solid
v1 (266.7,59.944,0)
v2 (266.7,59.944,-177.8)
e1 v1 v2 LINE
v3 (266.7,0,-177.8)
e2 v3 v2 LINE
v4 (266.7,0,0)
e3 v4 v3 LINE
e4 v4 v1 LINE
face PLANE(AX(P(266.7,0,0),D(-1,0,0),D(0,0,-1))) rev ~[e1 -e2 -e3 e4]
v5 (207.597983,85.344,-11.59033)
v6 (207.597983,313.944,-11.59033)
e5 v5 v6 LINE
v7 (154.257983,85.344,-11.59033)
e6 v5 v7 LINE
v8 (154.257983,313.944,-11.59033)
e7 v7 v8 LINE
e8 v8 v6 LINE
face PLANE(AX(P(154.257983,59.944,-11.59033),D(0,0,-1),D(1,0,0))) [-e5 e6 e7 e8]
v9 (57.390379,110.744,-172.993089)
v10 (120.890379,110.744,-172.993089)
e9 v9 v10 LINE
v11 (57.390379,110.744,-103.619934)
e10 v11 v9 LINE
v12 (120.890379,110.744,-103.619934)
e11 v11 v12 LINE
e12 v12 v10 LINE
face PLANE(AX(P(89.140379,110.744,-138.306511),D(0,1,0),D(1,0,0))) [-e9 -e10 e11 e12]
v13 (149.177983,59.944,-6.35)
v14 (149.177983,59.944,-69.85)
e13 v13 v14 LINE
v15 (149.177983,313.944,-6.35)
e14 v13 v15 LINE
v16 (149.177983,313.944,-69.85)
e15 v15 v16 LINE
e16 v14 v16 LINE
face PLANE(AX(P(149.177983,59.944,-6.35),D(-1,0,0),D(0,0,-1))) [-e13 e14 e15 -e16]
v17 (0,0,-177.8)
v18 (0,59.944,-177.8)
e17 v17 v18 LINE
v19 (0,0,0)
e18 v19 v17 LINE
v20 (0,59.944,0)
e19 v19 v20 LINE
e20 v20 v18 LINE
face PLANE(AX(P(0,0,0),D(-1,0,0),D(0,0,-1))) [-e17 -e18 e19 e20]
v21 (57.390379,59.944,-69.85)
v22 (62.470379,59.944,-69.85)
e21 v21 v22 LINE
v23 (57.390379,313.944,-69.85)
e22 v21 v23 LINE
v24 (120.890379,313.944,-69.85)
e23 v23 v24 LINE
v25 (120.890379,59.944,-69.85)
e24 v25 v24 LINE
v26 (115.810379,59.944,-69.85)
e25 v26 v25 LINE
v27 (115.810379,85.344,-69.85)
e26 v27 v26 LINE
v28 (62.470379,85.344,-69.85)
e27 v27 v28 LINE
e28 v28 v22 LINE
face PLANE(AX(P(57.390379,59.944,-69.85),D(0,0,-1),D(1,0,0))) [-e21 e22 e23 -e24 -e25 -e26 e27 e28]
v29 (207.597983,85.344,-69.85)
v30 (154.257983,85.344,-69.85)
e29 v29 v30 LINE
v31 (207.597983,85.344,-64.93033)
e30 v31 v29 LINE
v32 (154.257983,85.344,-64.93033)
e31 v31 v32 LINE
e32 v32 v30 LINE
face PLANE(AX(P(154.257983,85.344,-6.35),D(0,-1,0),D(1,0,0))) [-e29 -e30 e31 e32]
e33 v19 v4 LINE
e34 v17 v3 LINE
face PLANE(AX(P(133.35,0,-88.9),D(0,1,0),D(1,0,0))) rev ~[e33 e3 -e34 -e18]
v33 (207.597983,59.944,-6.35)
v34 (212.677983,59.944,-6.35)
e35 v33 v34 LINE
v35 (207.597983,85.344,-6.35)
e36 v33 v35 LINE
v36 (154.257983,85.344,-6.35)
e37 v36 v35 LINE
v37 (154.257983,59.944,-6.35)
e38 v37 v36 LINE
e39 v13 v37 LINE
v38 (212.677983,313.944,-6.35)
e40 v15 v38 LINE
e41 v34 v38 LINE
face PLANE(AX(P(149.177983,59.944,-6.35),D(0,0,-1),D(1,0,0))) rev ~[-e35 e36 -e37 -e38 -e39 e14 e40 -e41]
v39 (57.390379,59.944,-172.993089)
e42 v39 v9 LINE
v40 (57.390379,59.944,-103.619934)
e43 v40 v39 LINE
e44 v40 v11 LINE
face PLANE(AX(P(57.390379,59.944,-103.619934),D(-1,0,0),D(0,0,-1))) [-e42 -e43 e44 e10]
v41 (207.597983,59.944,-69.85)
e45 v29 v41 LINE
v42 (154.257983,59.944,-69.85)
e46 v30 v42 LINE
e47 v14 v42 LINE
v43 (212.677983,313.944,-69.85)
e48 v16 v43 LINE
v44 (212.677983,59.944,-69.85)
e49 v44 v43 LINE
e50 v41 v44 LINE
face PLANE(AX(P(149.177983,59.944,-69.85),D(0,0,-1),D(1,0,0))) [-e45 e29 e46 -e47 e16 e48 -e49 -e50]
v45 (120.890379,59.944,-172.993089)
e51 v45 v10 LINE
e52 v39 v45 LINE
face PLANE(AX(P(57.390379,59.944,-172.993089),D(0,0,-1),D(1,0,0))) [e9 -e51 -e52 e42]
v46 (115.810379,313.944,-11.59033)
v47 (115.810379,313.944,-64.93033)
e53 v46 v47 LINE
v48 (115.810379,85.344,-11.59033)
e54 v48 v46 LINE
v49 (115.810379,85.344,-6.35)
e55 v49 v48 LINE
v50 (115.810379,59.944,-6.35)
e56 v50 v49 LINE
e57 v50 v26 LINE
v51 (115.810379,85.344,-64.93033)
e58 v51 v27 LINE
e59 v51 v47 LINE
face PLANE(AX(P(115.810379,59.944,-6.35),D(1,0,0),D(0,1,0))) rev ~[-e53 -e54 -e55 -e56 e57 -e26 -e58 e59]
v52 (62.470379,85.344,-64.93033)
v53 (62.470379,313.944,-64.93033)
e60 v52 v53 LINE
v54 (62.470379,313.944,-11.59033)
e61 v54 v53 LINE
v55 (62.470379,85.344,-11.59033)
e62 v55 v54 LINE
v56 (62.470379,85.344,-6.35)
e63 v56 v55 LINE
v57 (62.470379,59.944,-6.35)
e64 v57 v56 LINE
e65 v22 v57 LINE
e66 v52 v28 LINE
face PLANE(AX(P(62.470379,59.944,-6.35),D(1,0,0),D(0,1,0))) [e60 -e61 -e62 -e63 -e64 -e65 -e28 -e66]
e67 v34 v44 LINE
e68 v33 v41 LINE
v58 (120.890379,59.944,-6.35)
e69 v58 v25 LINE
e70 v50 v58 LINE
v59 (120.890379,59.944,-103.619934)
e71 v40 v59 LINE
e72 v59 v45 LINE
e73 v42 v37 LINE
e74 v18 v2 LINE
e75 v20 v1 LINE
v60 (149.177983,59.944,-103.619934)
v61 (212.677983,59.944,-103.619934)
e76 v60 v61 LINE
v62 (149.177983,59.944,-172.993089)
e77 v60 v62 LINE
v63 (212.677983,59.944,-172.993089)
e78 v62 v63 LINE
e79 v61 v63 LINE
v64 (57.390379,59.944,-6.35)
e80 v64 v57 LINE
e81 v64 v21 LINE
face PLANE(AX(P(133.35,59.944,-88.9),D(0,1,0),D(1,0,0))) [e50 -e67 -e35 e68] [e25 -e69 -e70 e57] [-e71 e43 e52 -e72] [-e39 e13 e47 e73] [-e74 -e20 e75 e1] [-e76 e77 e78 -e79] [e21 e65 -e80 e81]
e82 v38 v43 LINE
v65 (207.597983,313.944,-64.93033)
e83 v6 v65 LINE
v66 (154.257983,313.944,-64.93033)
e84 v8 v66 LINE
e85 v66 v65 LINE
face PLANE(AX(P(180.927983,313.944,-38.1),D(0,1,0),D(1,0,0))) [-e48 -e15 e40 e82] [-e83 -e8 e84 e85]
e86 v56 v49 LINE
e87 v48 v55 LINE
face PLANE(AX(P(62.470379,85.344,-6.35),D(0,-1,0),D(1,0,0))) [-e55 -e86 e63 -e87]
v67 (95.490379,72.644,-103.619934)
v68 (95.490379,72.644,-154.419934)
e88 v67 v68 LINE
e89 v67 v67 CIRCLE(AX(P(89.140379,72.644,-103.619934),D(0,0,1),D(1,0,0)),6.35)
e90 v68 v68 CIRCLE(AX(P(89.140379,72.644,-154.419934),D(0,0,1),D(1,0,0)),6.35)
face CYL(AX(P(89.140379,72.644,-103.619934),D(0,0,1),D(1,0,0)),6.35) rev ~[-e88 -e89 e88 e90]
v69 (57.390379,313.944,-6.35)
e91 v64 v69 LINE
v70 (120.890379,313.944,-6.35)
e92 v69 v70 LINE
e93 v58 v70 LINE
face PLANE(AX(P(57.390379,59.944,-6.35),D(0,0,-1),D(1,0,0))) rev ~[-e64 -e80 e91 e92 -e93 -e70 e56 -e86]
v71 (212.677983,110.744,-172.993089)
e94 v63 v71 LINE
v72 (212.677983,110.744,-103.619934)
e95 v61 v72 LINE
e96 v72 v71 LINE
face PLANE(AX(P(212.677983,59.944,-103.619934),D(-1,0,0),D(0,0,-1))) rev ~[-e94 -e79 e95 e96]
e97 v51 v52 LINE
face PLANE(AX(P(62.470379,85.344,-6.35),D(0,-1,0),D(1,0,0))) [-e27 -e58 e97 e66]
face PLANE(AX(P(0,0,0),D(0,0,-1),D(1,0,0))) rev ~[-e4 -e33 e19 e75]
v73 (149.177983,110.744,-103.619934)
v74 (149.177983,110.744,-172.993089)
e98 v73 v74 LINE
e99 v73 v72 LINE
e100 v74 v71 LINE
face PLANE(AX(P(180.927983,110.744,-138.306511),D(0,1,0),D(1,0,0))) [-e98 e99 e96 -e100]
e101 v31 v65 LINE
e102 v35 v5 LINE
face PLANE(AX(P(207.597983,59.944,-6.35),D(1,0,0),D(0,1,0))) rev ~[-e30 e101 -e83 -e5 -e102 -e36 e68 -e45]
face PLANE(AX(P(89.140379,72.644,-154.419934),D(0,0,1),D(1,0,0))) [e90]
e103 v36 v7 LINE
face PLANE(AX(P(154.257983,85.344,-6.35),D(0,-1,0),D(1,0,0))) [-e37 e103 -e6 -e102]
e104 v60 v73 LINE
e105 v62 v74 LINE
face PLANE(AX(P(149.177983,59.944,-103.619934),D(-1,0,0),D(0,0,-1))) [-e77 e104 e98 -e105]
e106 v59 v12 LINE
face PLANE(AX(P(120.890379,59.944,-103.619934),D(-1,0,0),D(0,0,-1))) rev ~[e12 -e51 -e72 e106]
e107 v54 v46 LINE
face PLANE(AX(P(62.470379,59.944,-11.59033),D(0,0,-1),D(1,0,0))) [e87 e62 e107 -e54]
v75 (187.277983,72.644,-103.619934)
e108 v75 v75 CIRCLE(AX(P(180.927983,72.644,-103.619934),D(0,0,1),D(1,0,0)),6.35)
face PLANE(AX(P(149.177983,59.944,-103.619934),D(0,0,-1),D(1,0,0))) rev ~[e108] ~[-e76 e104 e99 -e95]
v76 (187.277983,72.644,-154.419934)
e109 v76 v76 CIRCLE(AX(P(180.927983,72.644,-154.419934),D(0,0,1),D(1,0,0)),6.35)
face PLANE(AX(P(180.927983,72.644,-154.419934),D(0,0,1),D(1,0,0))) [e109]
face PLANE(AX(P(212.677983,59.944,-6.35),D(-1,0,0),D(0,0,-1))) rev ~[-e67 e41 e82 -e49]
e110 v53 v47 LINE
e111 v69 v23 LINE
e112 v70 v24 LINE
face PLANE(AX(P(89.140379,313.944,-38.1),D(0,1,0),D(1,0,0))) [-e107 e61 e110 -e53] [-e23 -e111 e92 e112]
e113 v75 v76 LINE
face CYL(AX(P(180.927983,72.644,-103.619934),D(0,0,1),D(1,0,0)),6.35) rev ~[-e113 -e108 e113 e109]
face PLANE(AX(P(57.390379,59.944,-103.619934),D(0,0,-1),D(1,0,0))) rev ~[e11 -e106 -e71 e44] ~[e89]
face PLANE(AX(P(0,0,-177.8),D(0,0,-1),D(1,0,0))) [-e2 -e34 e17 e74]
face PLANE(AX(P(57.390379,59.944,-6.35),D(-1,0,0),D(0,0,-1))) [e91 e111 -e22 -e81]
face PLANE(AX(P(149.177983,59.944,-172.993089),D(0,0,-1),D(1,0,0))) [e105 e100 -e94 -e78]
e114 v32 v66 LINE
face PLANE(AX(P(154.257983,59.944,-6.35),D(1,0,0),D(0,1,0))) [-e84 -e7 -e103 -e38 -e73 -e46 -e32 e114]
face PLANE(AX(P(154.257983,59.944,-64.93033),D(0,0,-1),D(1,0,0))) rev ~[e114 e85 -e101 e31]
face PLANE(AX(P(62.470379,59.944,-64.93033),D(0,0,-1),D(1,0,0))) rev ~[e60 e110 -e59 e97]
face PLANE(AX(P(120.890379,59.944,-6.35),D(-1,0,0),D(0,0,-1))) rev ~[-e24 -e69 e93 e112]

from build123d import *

# Parameters (mm, degrees)
SKETCH1_W           = 266.7
SKETCH1_H           = 177.8
BOSS_EXTRUDE1_DEPTH = 59.944
SKETCH2_W           = 63.5
SKETCH2_H           = 63.5
SKETCH2_W_2         = 53.34
SKETCH2_H_2         = 53.34
BOSS_EXTRUDE2_DEPTH = 254
SKETCH3_W           = 53.34
SKETCH3_H           = 25.4
CUT_EXTRUDE1_DEPTH  = 254
SKETCH4_W           = 63.5
SKETCH4_H           = 69.373154479
BOSS_EXTRUDE3_DEPTH = 50.8
SKETCH5_R           = 6.35
CUT_EXTRUDE2_DEPTH  = 50.8


with BuildPart() as part:
    # Sketch1 → Boss-Extrude1 (new body)
    with BuildSketch(Plane(origin=(0, 0, 0), x_dir=(1, 0, 0), z_dir=(0, 1, 0))):
        with Locations((133.35, 88.9)):
            Rectangle(SKETCH1_W, SKETCH1_H)
    extrude(amount=BOSS_EXTRUDE1_DEPTH)

    # Sketch2 → Boss-Extrude2 (add)
    with BuildSketch(Plane(origin=(0, 59.944, 0), x_dir=(1, 0, 0), z_dir=(0, 1, 0))):
        with Locations((180.927983049, 38.1)):
            Rectangle(SKETCH2_W, SKETCH2_H)
        with Locations((180.927983049, 38.260329554)):
            Rectangle(SKETCH2_W_2, SKETCH2_H_2, mode=Mode.SUBTRACT)
        with Locations((89.140378802, 38.1)):
            Rectangle(SKETCH2_W, SKETCH2_H)
        with Locations((89.140378802, 38.260329554)):
            Rectangle(SKETCH2_W_2, SKETCH2_H_2, mode=Mode.SUBTRACT)
    extrude(amount=BOSS_EXTRUDE2_DEPTH)

    # Sketch3 → Cut-Extrude1 (cut)
    with BuildSketch(Plane.XY.offset(-6.35)):
        with Locations((89.140378802, 72.644)):
            Rectangle(SKETCH3_W, SKETCH3_H)
        with Locations((180.927983049, 72.644)):
            Rectangle(SKETCH3_W, SKETCH3_H)
    extrude(amount=-CUT_EXTRUDE1_DEPTH, mode=Mode.SUBTRACT)

    # Sketch4 → Boss-Extrude3 (add)
    with BuildSketch(Plane(origin=(0, 59.944, 0), x_dir=(1, 0, 0), z_dir=(0, 1, 0))):
        with Locations((89.140378802, 138.306511279)):
            Rectangle(SKETCH4_W, SKETCH4_H)
        with Locations((180.927983049, 138.306511279)):
            Rectangle(SKETCH4_W, SKETCH4_H)
    extrude(amount=BOSS_EXTRUDE3_DEPTH)

    # Sketch5 → Cut-Extrude2 (cut)
    with BuildSketch(Plane.XY.offset(-103.619934039)):
        with Locations((180.927983049, 72.644)):
            Circle(SKETCH5_R)
        with Locations((89.140378802, 72.644)):
            Circle(SKETCH5_R)
    extrude(amount=-CUT_EXTRUDE2_DEPTH, mode=Mode.SUBTRACT)


solid = part.part
